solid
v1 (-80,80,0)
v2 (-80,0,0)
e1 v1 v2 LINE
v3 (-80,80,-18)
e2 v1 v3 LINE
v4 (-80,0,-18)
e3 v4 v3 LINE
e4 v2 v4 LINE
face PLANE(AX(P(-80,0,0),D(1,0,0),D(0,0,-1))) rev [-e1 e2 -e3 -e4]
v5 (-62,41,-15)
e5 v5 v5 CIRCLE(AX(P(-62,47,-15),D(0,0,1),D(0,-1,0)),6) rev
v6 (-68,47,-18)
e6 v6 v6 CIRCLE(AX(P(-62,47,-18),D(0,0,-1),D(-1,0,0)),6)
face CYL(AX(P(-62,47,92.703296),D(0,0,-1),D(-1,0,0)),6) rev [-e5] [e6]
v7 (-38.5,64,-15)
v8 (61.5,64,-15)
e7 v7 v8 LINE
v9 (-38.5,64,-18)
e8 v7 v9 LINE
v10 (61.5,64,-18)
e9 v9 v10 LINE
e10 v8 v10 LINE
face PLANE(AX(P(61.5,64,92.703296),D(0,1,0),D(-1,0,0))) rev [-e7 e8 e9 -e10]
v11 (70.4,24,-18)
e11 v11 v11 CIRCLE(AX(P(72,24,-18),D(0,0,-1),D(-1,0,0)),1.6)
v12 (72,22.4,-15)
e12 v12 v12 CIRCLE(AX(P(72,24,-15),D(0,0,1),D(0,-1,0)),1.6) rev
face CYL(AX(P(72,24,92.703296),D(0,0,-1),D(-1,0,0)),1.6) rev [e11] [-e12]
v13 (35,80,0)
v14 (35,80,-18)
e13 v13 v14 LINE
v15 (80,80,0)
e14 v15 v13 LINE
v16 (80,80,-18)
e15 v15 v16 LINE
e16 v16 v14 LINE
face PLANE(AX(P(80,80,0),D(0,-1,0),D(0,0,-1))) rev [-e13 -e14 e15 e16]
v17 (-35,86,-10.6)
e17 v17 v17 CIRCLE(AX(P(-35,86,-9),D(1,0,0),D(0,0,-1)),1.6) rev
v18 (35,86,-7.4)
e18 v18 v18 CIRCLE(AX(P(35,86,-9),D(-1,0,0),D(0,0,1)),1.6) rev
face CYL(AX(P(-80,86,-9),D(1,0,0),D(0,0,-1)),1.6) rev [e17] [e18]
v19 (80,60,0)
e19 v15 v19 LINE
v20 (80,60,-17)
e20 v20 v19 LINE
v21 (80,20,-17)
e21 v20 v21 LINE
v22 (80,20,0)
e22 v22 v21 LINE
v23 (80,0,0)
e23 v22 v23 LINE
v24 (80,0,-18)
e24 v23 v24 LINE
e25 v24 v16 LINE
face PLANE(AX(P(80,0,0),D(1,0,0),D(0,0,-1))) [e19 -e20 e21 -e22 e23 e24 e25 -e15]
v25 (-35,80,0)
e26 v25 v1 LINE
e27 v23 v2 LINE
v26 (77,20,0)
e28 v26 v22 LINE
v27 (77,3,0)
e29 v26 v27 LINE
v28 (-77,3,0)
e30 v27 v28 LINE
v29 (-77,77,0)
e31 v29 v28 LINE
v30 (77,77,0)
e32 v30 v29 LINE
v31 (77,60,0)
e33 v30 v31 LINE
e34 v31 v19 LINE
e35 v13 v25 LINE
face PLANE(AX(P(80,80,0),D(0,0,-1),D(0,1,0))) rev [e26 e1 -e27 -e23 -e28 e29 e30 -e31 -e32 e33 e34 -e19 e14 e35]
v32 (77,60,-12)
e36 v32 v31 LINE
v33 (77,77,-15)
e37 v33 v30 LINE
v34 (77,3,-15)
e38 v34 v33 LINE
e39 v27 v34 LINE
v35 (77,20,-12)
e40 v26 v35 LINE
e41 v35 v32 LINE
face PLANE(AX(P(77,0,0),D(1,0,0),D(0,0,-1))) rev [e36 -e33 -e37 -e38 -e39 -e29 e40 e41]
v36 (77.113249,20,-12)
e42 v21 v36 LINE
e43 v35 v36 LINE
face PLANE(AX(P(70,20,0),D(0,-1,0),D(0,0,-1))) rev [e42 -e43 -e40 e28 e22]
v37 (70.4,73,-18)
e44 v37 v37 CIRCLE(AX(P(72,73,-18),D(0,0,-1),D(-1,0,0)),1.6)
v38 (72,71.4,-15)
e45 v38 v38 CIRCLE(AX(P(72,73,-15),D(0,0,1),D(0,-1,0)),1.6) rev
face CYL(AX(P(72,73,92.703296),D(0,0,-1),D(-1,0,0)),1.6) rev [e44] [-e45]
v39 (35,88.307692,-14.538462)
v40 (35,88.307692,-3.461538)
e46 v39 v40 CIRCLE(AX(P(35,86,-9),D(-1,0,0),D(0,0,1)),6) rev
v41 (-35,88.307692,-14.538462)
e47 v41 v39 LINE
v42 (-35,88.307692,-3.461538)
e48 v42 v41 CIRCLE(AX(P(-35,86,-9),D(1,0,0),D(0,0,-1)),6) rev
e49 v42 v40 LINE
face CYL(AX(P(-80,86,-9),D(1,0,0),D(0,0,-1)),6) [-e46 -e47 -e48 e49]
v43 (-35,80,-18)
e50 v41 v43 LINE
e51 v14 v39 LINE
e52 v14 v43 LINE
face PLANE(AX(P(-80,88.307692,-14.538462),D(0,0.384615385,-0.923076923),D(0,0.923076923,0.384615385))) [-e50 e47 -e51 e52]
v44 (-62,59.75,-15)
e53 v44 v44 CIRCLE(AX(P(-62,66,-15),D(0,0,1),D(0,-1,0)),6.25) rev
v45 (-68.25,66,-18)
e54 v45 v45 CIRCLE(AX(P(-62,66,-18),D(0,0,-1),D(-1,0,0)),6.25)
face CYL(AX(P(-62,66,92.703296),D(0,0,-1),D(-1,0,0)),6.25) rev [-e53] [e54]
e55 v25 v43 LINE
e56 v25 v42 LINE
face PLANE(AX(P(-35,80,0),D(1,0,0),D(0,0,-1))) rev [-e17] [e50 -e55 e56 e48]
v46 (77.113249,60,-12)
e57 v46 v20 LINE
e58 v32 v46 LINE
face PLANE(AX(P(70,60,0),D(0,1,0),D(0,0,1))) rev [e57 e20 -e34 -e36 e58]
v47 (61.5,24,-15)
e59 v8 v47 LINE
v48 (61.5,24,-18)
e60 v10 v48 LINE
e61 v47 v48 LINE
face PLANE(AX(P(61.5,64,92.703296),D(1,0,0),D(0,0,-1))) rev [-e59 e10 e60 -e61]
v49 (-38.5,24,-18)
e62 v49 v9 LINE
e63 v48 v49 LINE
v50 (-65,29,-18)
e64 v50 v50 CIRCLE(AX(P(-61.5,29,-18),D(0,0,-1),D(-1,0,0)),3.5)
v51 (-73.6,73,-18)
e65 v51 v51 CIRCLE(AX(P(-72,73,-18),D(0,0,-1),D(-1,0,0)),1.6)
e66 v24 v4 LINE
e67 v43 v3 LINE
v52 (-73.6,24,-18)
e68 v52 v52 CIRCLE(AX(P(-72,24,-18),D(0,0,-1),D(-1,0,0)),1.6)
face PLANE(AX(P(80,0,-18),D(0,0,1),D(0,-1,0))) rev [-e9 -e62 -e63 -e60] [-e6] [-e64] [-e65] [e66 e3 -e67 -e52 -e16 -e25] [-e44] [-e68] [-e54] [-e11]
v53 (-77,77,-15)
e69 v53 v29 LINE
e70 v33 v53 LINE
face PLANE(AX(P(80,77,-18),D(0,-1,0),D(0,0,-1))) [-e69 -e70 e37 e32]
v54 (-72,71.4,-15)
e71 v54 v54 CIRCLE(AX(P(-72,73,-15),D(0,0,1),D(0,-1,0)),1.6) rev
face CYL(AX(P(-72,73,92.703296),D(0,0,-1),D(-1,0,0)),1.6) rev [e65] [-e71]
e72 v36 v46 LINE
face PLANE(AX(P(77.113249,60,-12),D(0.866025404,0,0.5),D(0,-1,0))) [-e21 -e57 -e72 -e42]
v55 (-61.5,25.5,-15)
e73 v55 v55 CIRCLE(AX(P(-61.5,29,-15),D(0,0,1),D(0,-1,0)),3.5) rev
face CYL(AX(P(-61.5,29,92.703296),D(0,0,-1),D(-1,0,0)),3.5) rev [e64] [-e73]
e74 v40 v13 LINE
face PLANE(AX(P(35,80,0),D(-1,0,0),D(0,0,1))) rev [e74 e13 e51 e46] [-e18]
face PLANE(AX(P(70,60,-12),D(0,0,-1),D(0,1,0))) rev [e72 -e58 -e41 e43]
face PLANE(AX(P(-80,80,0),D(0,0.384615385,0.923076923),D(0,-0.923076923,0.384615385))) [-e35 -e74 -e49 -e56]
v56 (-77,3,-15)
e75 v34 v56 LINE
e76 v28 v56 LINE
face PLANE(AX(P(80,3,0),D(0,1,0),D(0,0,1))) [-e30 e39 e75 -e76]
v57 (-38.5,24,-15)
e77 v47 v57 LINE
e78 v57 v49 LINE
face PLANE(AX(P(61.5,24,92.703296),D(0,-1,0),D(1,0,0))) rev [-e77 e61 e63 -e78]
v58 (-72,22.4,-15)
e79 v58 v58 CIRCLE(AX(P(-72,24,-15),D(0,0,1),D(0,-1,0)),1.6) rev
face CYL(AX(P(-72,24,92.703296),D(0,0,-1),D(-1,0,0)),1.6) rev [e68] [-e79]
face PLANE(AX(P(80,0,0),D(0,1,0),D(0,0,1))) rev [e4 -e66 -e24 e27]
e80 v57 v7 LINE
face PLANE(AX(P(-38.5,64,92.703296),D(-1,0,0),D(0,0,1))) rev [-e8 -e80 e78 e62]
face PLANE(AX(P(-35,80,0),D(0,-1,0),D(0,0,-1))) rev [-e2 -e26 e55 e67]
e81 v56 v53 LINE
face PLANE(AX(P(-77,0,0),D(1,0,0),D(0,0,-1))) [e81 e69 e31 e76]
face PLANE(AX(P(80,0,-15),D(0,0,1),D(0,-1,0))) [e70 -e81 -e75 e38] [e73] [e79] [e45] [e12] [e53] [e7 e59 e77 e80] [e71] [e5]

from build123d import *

# Parameters (mm, degrees)
ESBO_O2_W                = 18
ESBO_O2_H                = 80
RESSALTO_EXTRUS_O1_DEPTH = 80
CASCA1_T                 = -3
ESBO_O4_R                = 1.6
ESBO_O4_R_2              = 6
ESBO_O4_R_3              = 3.5
ESBO_O4_R_4              = 6.25
ESBO_O4_W                = 100
ESBO_O4_H                = 40
CORTE_EXTRUS_O1_DEPTH    = 3
ESBO_O5_R                = 1.6
RESSALTO_EXTRUS_O2_DEPTH = 160
ESBO_O6_W                = 45
ESBO_O6_H                = 12
CORTE_EXTRUS_O2_DEPTH    = 19
ESBO_O7_W                = 12
ESBO_O7_H                = 40
CORTE_EXTRUS_O3_DEPTH    = 10
CHANFRO1_SIZE            = 5
CHANFRO1_SIZE2           = 2.886751346


with BuildPart() as part:
    # Esboço2 → Ressalto-extrusão1 (new body, symmetric)
    with BuildSketch(Plane(origin=(0, 0, 0), x_dir=(0, 0, -1), z_dir=(1, 0, 0))):
        with Locations((9, 40)):
            Rectangle(ESBO_O2_W, ESBO_O2_H)
    extrude(amount=RESSALTO_EXTRUS_O1_DEPTH, both=True)

    # Casca1
    casca1_openings = [part.faces().sort_by_distance(p)[0] for p in [
        (0, 40, 0),
    ]]
    offset(amount=CASCA1_T, openings=casca1_openings, kind=Kind.INTERSECTION)

    # Esboço4 → Corte-extrusão1 (cut)
    with BuildSketch(Plane(origin=(0, 0, -18), x_dir=(1, 0, 0), z_dir=(0, 0, -1))):
        with Locations((-72, -24)):
            Circle(ESBO_O4_R)
        with Locations((-72, -73)):
            Circle(ESBO_O4_R)
        with Locations((72, -73)):
            Circle(ESBO_O4_R)
        with Locations((72, -24)):
            Circle(ESBO_O4_R)
        with Locations((-62, -47)):
            Circle(ESBO_O4_R_2)
        with Locations((-61.5, -29)):
            Circle(ESBO_O4_R_3)
        with Locations((-62, -66)):
            Circle(ESBO_O4_R_4)
        with Locations((11.5, -44)):
            Rectangle(ESBO_O4_W, ESBO_O4_H)
    extrude(amount=-CORTE_EXTRUS_O1_DEPTH, mode=Mode.SUBTRACT)

    # Esboço5 → Ressalto-extrusão2 (add, through all)
    with BuildSketch(Plane(origin=(80, 0, 0), x_dir=(0, 0, -1), z_dir=(1, 0, 0))):
        with BuildLine():
            Line((14.538461538, 88.307692308), (18, 80))
            Line((18, 80), (0, 80))
            Line((0, 80), (3.461538462, 88.307692308))
            ThreePointArc((3.461538462, 88.307692308), (9, 92), (14.538461538, 88.307692308))
        make_face()
        with Locations((9, 86)):
            Circle(ESBO_O5_R, mode=Mode.SUBTRACT)
    extrude(amount=-RESSALTO_EXTRUS_O2_DEPTH)

    # Esboço6 → Corte-extrusão2 (cut, through all)
    with BuildSketch(Plane(origin=(0, 0, -18), x_dir=(-1, 0, 0), z_dir=(0, 0, -1))):
        with Locations((-57.5, 86)):
            Rectangle(ESBO_O6_W, ESBO_O6_H)
        with Locations((57.5, 86)):
            Rectangle(ESBO_O6_W, ESBO_O6_H)
    extrude(amount=-CORTE_EXTRUS_O2_DEPTH, mode=Mode.SUBTRACT)

    # Esboço7 → Corte-extrusão3 (cut)
    with BuildSketch(Plane(origin=(80, 0, 0), x_dir=(0, 0, -1), z_dir=(1, 0, 0))):
        with Locations((6, 40)):
            Rectangle(ESBO_O7_W, ESBO_O7_H)
    extrude(amount=-CORTE_EXTRUS_O3_DEPTH, mode=Mode.SUBTRACT)

    # Chanfro1
    chanfro1_edges = [part.edges().sort_by_distance(p)[0] for p in [
        (80, 40, -12),
    ]]
    chanfro1_side = [part.faces().sort_by_distance(p)[0] for p in [
        (80, 79.18, -9),
    ]]
    chamfer(chanfro1_edges, length=CHANFRO1_SIZE, length2=CHANFRO1_SIZE2, reference=chanfro1_side[0])


solid = part.part
